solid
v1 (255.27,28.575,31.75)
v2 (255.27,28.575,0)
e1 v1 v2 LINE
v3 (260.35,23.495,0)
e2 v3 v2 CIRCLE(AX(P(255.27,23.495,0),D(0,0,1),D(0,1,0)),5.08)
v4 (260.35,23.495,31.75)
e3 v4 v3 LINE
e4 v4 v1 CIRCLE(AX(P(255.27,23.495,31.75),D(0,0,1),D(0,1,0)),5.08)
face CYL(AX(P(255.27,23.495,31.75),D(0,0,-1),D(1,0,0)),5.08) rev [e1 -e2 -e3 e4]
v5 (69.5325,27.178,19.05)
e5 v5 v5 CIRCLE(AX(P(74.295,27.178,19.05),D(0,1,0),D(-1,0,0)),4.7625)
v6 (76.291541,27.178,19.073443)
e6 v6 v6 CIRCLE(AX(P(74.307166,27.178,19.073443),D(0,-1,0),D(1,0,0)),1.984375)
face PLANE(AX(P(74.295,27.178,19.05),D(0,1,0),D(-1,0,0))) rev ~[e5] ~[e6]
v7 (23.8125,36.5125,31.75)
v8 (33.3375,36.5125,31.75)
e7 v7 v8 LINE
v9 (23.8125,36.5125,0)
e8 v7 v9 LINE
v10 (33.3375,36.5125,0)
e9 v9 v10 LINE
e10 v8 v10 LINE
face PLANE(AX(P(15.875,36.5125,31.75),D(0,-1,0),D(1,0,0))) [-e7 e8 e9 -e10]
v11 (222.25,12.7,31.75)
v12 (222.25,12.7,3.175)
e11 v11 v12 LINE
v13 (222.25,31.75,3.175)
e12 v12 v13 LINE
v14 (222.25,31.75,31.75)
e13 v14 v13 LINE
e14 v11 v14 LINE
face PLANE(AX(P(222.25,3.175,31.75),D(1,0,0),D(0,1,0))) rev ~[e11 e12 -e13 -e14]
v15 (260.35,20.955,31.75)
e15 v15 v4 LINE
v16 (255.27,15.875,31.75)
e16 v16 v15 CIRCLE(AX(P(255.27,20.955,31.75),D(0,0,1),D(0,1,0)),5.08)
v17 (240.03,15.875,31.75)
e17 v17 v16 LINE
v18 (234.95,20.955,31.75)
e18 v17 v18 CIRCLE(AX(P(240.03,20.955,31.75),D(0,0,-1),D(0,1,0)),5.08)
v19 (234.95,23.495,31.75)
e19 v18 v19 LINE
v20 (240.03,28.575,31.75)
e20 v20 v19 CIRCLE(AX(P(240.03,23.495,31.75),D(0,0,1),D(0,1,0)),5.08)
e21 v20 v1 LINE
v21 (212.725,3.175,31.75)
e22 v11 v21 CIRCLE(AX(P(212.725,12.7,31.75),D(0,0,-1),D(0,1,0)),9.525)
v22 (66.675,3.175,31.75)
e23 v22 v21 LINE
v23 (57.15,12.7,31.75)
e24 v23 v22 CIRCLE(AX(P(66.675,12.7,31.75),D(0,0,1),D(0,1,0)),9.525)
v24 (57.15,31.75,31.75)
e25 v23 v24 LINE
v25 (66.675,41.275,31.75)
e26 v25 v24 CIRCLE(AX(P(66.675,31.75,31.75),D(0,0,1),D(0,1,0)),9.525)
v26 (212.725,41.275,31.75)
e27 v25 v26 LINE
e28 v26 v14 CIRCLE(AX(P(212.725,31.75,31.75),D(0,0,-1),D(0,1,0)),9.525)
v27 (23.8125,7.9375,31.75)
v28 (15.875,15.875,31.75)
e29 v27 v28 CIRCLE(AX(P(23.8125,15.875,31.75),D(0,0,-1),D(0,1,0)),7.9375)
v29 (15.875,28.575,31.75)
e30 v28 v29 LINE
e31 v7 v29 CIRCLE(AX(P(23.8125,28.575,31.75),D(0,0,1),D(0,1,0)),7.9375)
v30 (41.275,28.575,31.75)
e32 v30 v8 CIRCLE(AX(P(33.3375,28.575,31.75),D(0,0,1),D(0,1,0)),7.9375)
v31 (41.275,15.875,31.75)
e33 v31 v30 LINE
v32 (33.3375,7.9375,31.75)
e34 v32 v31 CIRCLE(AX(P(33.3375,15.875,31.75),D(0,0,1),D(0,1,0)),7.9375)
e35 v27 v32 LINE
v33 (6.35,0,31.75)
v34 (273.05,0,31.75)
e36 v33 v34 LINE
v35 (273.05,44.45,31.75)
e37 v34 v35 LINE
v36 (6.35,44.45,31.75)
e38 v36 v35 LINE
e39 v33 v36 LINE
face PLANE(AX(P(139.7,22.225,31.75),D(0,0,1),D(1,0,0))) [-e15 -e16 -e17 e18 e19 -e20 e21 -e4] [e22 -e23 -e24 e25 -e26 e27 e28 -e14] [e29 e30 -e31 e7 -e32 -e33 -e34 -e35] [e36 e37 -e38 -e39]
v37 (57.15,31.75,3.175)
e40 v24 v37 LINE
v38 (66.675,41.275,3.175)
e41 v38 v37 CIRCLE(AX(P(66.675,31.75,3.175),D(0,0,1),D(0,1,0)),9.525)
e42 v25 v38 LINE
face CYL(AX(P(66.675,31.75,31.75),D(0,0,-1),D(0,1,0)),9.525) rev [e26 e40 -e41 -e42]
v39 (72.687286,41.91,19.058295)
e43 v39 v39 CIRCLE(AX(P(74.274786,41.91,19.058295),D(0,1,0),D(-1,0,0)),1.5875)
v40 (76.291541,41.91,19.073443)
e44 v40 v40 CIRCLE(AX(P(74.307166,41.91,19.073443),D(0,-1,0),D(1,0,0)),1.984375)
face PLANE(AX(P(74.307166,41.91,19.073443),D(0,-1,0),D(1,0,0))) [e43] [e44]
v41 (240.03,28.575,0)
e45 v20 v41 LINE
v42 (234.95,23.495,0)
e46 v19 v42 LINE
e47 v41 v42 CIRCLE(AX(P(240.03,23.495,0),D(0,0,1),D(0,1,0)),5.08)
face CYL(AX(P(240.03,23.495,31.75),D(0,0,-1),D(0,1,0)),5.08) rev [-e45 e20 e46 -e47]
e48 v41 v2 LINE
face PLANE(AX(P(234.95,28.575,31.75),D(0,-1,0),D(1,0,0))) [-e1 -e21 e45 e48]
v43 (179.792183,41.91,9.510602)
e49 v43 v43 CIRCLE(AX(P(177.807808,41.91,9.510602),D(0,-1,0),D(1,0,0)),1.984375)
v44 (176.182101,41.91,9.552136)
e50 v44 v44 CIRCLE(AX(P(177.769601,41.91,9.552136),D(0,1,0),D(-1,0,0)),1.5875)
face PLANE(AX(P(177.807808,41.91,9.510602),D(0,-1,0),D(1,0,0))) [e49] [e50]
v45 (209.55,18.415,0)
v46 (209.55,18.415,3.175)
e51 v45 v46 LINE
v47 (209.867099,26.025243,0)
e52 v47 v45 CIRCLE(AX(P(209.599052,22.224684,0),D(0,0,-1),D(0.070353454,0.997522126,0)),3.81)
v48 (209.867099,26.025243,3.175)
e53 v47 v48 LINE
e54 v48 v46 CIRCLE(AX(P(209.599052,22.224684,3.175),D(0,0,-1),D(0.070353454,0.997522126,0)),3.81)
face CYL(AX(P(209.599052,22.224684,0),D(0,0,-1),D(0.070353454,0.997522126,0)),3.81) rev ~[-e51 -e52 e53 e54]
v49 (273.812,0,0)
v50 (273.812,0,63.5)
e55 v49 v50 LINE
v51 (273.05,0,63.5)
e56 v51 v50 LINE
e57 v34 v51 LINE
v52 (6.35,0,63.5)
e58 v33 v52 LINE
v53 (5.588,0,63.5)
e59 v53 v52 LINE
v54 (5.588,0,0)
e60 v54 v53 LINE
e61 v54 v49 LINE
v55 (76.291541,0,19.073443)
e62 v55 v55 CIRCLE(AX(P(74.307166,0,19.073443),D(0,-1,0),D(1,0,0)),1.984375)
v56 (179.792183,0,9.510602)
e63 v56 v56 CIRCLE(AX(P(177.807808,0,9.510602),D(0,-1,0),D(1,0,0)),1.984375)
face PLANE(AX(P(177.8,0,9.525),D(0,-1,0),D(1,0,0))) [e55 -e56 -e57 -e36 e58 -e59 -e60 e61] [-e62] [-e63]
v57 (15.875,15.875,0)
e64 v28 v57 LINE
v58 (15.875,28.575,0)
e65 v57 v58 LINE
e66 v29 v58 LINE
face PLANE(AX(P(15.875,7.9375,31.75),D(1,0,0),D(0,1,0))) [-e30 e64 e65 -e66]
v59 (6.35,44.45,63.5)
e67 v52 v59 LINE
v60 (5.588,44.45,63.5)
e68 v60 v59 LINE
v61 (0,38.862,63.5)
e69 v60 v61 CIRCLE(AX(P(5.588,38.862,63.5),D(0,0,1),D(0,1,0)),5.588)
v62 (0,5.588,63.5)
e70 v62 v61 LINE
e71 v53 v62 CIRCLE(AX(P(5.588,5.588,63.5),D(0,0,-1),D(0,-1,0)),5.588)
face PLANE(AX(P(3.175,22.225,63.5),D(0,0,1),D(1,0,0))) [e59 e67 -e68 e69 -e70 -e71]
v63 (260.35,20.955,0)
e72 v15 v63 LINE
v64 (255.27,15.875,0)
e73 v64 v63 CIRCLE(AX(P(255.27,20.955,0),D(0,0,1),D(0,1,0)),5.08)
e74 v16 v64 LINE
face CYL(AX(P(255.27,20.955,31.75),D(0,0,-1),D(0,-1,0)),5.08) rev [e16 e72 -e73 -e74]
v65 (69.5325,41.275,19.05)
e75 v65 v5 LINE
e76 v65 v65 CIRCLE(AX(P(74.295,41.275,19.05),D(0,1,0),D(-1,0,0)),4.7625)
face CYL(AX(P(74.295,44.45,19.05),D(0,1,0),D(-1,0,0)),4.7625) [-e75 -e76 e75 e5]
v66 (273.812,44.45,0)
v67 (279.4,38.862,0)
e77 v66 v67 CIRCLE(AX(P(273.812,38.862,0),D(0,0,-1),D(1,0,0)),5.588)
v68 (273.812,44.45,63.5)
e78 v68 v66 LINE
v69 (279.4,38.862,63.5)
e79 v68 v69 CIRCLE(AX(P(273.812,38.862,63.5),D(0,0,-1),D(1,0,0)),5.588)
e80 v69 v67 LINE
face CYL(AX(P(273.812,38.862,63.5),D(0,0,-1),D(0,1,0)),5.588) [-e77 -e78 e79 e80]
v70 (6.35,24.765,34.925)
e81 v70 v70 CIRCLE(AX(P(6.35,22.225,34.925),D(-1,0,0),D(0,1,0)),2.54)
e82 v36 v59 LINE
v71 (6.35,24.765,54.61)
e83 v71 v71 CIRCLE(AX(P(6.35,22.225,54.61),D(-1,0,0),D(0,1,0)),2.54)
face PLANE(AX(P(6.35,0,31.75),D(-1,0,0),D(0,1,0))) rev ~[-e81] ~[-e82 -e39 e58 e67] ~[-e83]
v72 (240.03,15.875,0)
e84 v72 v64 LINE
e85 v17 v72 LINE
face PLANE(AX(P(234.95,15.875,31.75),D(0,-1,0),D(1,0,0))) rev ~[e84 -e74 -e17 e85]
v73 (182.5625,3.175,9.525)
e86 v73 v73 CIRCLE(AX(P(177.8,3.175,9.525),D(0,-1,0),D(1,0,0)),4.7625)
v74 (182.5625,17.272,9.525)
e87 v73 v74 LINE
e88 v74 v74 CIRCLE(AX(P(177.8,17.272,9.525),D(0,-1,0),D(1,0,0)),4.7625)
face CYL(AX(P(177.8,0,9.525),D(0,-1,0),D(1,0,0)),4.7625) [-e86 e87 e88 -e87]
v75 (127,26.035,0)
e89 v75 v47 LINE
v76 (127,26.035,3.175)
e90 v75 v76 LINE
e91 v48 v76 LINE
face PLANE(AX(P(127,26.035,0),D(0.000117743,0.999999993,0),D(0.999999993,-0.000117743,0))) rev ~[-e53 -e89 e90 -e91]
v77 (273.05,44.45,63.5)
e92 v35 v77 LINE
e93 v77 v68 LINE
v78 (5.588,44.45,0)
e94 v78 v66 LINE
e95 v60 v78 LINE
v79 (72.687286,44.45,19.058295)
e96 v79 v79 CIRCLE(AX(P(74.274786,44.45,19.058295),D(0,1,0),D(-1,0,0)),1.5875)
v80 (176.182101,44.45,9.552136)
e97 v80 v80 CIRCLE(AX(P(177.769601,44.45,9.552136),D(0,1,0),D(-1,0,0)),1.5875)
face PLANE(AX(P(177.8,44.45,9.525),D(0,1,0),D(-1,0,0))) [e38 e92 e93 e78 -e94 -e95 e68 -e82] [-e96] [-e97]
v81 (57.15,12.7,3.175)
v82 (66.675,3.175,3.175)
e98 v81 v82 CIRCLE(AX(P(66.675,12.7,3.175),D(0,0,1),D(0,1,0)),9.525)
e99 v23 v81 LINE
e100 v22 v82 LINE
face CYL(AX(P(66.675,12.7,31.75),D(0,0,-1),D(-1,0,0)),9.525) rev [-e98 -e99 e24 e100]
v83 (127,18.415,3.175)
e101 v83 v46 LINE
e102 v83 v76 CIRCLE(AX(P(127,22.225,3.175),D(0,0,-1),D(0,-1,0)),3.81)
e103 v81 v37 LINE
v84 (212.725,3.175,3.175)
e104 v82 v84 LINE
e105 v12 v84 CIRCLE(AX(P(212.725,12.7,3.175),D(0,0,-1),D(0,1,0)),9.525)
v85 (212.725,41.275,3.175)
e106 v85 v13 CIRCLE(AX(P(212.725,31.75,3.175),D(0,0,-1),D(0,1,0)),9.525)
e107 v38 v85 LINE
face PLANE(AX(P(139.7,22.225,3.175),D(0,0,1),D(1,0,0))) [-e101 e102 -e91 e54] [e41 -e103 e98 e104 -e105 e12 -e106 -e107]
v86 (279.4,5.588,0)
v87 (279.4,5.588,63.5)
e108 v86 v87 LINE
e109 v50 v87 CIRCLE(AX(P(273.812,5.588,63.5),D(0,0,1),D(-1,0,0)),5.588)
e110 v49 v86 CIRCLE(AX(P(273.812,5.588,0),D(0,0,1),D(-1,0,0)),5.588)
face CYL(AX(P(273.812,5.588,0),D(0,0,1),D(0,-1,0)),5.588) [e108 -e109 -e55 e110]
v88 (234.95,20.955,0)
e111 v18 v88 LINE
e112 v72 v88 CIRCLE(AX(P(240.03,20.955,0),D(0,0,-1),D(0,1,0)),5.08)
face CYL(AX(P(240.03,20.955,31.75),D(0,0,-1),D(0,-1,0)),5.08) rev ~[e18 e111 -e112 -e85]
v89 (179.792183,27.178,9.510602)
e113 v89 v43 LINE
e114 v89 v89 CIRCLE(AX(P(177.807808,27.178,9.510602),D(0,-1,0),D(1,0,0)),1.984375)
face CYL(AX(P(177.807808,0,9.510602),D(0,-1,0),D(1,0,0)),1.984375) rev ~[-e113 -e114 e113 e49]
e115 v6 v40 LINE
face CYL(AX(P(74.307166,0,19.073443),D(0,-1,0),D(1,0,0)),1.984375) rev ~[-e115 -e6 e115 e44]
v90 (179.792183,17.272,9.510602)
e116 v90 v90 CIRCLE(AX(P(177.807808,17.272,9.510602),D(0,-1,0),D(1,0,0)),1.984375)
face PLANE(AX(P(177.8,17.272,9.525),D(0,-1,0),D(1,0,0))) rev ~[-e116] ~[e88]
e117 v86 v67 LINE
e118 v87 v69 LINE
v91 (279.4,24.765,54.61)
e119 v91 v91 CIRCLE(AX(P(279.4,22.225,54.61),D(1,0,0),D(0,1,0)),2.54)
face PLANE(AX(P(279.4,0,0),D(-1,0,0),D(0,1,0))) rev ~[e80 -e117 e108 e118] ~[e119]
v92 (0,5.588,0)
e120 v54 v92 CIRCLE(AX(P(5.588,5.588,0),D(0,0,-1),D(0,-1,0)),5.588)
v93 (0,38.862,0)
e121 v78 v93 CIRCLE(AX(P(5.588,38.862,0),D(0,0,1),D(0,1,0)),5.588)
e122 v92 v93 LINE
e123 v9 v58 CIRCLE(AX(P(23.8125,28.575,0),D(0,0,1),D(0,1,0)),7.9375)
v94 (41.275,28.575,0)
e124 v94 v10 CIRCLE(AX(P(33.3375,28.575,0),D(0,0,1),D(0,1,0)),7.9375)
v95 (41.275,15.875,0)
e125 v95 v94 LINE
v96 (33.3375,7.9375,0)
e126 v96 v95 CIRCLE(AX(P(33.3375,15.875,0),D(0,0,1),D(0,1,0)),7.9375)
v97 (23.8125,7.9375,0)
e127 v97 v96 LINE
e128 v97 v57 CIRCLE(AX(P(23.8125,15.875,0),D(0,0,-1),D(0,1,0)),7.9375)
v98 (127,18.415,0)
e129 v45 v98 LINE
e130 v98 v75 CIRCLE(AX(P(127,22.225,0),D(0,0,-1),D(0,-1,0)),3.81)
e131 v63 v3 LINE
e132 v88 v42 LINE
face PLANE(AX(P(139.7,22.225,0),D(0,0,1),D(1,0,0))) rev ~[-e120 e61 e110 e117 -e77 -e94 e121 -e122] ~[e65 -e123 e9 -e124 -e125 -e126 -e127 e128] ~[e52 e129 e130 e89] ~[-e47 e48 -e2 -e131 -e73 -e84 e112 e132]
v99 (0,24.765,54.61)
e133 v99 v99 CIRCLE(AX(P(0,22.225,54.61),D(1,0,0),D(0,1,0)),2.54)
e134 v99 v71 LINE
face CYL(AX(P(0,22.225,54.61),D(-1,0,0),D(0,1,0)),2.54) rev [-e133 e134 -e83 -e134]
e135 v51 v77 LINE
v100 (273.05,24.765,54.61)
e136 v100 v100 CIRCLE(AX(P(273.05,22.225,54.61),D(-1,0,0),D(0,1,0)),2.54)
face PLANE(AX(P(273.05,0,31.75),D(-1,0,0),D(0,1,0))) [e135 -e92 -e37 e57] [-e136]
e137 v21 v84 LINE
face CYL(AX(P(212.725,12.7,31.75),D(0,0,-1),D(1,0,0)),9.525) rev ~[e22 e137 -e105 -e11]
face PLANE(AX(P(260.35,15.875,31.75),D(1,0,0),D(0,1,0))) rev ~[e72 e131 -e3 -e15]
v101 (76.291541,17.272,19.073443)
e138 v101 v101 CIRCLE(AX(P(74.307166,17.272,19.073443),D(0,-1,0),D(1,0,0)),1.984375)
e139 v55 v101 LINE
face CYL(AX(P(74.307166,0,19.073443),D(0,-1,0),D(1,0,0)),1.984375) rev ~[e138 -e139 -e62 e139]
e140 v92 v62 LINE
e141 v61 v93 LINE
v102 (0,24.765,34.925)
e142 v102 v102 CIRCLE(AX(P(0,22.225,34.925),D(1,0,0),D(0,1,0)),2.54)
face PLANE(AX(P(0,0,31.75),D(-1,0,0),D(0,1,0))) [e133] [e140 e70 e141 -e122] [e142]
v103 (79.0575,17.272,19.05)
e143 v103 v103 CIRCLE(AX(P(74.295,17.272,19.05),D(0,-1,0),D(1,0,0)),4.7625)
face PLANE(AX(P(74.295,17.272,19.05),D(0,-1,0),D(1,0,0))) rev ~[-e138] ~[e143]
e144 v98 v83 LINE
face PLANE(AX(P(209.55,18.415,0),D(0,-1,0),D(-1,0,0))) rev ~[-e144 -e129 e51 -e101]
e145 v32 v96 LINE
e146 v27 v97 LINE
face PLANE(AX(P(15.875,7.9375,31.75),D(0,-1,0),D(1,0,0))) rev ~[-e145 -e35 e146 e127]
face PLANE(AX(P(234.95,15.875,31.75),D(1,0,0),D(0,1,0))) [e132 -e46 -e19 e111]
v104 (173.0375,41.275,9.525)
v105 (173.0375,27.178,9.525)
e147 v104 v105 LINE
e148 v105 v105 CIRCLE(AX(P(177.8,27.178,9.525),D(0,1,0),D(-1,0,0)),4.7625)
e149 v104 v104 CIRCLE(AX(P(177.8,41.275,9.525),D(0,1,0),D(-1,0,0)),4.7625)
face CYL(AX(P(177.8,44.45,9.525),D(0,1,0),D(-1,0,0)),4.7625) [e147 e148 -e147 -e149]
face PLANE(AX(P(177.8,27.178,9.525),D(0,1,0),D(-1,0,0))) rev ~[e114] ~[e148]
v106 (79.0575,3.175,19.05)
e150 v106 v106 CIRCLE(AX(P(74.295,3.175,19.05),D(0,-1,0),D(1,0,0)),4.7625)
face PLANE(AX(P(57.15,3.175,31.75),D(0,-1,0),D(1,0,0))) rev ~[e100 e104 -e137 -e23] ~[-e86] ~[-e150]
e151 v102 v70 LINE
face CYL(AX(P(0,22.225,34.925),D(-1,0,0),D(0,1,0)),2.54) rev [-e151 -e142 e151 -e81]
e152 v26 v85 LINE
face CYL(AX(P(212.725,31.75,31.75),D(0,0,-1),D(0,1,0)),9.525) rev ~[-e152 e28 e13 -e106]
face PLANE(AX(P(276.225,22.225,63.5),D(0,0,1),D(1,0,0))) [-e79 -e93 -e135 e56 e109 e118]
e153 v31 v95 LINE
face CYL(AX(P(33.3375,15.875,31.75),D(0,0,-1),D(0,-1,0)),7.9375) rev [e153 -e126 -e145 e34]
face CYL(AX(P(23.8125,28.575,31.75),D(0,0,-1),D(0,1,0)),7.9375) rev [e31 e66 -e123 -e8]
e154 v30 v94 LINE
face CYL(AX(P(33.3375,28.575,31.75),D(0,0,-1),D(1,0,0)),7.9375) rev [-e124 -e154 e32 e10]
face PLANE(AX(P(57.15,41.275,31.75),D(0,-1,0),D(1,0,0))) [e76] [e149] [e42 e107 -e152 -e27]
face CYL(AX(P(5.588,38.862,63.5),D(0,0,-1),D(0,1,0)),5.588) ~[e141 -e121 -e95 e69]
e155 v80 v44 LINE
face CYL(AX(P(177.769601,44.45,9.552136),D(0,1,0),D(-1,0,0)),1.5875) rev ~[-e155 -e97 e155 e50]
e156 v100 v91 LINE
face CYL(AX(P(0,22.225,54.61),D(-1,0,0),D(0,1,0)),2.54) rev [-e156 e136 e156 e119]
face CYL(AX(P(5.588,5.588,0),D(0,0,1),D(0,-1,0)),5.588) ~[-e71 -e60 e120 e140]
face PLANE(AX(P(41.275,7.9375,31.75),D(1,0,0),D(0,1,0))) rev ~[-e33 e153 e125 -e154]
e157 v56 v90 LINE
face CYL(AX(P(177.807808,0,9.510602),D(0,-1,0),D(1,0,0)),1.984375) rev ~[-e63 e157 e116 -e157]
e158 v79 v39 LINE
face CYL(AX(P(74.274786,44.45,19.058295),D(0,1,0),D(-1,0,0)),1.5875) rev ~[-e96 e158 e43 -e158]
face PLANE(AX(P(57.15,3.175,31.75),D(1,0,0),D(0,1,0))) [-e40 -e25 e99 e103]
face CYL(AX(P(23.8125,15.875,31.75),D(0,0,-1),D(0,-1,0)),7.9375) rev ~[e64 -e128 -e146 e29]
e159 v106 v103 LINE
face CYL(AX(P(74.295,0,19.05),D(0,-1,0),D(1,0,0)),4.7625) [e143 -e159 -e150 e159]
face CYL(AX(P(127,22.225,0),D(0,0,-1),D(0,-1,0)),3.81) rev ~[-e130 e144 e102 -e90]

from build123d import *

# Parameters (mm, degrees)
F0_W      = 279.4
F0_H      = 44.45
F1_DEPTH  = 31.75
F2_W      = 165.1
F2_H      = 38.1
F3_DEPTH  = 28.575
F5_DEPTH  = 31.751
F6_W      = 6.35
F6_H      = 44.45
F7_DEPTH  = 31.75
F8_R      = 9.525
F9_R      = 5.588
F10_R     = 2.54
F11_DEPTH = 279.4
F12_W     = 25.4
F12_H     = 28.575
F12_H_2   = 12.7
F13_DEPTH = 31.751
F14_R     = 2.54
F15_DEPTH = 7.62
F16_R     = 7.9375
F17_R     = 5.08
F18_R     = 4.7625
F19_DEPTH = 17.272
F20_R     = 4.7625
F21_DEPTH = 17.272
F22_R     = 1.984375
F23_DEPTH = 41.91
F24_R     = 1.5875
F25_DEPTH = 3.175


with BuildPart() as f1:
    # F0 (on Top) → F1 (new body)
    with BuildSketch(Plane.XY):
        with Locations((139.7, 22.225)):
            Rectangle(F0_W, F0_H)
    extrude(amount=F1_DEPTH)

    # F2 (on face) → F3 (cut)
    with BuildSketch(Plane.XY.offset(31.75)):
        with Locations((139.7, 22.225)):
            Rectangle(F2_W, F2_H)
    extrude(amount=-F3_DEPTH, mode=Mode.SUBTRACT)

    # F4 (on face) → F5 (cut, through all)
    with BuildSketch(Plane(origin=(0, 0, 0), x_dir=(1, 0, 0), z_dir=(0, 0, -1))):
        with BuildLine():
            Line((127, -26.035), (209.867099, -26.025243))
            ThreePointArc((209.867099, -26.025243), (213.405749, -22.066069), (209.55, -18.415))
            Line((209.55, -18.415), (127, -18.415))
            ThreePointArc((127, -18.415), (123.19, -22.225), (127, -26.035))
        make_face()
    extrude(amount=-F5_DEPTH, mode=Mode.SUBTRACT)

    # F6 (on face) → F7 (join)
    with BuildSketch(Plane.XY.offset(31.75)):
        with Locations((3.175, 22.225)):
            Rectangle(F6_W, F6_H)
        with Locations((276.225, 22.225)):
            Rectangle(F6_W, F6_H)
    extrude(amount=F7_DEPTH)

    # F8
    f8_edges = [f1.edges().sort_by_distance(p)[0] for p in [
        (57.15, 3.175, 17.4625),
        (57.15, 41.275, 17.4625),
        (222.25, 3.175, 17.4625),
        (222.25, 41.275, 17.4625),
    ]]
    fillet(f8_edges, radius=F8_R)

    # F9
    f9_edges = [f1.edges().sort_by_distance(p)[0] for p in [
        (0, 44.45, 31.75),
        (0, 0, 31.75),
        (279.4, 44.45, 31.75),
        (279.4, 0, 31.75),
    ]]
    fillet(f9_edges, radius=F9_R)

    # F10 (on Right) → F11 (cut)
    with BuildSketch(Plane.YZ):
        with Locations((22.225, 54.61)):
            Circle(F10_R)
    extrude(amount=F11_DEPTH, mode=Mode.SUBTRACT)

    # F12 (on face) → F13 (cut, through all)
    with BuildSketch(Plane.XY.offset(31.75)):
        with Locations((28.575, 22.225)):
            Rectangle(F12_W, F12_H)
        with Locations((247.65, 22.225)):
            Rectangle(F12_W, F12_H_2)
    extrude(amount=-F13_DEPTH, mode=Mode.SUBTRACT)

    # F14 (on Right) → F15 (cut)
    with BuildSketch(Plane.YZ):
        with Locations((22.225, 34.925)):
            Circle(F14_R)
    extrude(amount=F15_DEPTH, mode=Mode.SUBTRACT)

    # F16
    f16_edges = [f1.edges().sort_by_distance(p)[0] for p in [
        (15.875, 36.5125, 15.875),
        (41.275, 36.5125, 15.875),
        (41.275, 7.9375, 15.875),
        (15.875, 7.9375, 15.875),
    ]]
    fillet(f16_edges, radius=F16_R)

    # F17
    f17_edges = [f1.edges().sort_by_distance(p)[0] for p in [
        (234.95, 28.575, 15.875),
        (260.35, 28.575, 15.875),
        (260.35, 15.875, 15.875),
        (234.95, 15.875, 15.875),
    ]]
    fillet(f17_edges, radius=F17_R)

    # F18 (on face) → F19 (join)
    with BuildSketch(Plane.XZ):
        with Locations((177.8, 9.525)):
            Circle(F18_R)
        with Locations((74.295, 19.05)):
            Circle(F18_R)
    extrude(amount=-F19_DEPTH)

    # F20 (on face) → F21 (join)
    with BuildSketch(Plane(origin=(0, 44.45, 0), x_dir=(-1, 0, 0), z_dir=(0, 1, 0))):
        with Locations((-177.8, 9.525)):
            Circle(F20_R)
        with Locations((-74.295, 19.05)):
            Circle(F20_R)
    extrude(amount=-F21_DEPTH)

    # F22 (on face) → F23 (cut)
    with BuildSketch(Plane.XZ):
        with Locations((74.307166, 19.073443)):
            Circle(F22_R)
        with Locations((177.807808, 9.510602)):
            Circle(F22_R)
    extrude(amount=-F23_DEPTH, mode=Mode.SUBTRACT)

    # F24 (on face) → F25 (cut)
    with BuildSketch(Plane(origin=(0, 44.45, 0), x_dir=(-1, 0, 0), z_dir=(0, 1, 0))):
        with Locations((-177.769601, 9.552136)):
            Circle(F24_R)
        with Locations((-74.274786, 19.058295)):
            Circle(F24_R)
    extrude(amount=-F25_DEPTH, mode=Mode.SUBTRACT)


solid = f1.part
